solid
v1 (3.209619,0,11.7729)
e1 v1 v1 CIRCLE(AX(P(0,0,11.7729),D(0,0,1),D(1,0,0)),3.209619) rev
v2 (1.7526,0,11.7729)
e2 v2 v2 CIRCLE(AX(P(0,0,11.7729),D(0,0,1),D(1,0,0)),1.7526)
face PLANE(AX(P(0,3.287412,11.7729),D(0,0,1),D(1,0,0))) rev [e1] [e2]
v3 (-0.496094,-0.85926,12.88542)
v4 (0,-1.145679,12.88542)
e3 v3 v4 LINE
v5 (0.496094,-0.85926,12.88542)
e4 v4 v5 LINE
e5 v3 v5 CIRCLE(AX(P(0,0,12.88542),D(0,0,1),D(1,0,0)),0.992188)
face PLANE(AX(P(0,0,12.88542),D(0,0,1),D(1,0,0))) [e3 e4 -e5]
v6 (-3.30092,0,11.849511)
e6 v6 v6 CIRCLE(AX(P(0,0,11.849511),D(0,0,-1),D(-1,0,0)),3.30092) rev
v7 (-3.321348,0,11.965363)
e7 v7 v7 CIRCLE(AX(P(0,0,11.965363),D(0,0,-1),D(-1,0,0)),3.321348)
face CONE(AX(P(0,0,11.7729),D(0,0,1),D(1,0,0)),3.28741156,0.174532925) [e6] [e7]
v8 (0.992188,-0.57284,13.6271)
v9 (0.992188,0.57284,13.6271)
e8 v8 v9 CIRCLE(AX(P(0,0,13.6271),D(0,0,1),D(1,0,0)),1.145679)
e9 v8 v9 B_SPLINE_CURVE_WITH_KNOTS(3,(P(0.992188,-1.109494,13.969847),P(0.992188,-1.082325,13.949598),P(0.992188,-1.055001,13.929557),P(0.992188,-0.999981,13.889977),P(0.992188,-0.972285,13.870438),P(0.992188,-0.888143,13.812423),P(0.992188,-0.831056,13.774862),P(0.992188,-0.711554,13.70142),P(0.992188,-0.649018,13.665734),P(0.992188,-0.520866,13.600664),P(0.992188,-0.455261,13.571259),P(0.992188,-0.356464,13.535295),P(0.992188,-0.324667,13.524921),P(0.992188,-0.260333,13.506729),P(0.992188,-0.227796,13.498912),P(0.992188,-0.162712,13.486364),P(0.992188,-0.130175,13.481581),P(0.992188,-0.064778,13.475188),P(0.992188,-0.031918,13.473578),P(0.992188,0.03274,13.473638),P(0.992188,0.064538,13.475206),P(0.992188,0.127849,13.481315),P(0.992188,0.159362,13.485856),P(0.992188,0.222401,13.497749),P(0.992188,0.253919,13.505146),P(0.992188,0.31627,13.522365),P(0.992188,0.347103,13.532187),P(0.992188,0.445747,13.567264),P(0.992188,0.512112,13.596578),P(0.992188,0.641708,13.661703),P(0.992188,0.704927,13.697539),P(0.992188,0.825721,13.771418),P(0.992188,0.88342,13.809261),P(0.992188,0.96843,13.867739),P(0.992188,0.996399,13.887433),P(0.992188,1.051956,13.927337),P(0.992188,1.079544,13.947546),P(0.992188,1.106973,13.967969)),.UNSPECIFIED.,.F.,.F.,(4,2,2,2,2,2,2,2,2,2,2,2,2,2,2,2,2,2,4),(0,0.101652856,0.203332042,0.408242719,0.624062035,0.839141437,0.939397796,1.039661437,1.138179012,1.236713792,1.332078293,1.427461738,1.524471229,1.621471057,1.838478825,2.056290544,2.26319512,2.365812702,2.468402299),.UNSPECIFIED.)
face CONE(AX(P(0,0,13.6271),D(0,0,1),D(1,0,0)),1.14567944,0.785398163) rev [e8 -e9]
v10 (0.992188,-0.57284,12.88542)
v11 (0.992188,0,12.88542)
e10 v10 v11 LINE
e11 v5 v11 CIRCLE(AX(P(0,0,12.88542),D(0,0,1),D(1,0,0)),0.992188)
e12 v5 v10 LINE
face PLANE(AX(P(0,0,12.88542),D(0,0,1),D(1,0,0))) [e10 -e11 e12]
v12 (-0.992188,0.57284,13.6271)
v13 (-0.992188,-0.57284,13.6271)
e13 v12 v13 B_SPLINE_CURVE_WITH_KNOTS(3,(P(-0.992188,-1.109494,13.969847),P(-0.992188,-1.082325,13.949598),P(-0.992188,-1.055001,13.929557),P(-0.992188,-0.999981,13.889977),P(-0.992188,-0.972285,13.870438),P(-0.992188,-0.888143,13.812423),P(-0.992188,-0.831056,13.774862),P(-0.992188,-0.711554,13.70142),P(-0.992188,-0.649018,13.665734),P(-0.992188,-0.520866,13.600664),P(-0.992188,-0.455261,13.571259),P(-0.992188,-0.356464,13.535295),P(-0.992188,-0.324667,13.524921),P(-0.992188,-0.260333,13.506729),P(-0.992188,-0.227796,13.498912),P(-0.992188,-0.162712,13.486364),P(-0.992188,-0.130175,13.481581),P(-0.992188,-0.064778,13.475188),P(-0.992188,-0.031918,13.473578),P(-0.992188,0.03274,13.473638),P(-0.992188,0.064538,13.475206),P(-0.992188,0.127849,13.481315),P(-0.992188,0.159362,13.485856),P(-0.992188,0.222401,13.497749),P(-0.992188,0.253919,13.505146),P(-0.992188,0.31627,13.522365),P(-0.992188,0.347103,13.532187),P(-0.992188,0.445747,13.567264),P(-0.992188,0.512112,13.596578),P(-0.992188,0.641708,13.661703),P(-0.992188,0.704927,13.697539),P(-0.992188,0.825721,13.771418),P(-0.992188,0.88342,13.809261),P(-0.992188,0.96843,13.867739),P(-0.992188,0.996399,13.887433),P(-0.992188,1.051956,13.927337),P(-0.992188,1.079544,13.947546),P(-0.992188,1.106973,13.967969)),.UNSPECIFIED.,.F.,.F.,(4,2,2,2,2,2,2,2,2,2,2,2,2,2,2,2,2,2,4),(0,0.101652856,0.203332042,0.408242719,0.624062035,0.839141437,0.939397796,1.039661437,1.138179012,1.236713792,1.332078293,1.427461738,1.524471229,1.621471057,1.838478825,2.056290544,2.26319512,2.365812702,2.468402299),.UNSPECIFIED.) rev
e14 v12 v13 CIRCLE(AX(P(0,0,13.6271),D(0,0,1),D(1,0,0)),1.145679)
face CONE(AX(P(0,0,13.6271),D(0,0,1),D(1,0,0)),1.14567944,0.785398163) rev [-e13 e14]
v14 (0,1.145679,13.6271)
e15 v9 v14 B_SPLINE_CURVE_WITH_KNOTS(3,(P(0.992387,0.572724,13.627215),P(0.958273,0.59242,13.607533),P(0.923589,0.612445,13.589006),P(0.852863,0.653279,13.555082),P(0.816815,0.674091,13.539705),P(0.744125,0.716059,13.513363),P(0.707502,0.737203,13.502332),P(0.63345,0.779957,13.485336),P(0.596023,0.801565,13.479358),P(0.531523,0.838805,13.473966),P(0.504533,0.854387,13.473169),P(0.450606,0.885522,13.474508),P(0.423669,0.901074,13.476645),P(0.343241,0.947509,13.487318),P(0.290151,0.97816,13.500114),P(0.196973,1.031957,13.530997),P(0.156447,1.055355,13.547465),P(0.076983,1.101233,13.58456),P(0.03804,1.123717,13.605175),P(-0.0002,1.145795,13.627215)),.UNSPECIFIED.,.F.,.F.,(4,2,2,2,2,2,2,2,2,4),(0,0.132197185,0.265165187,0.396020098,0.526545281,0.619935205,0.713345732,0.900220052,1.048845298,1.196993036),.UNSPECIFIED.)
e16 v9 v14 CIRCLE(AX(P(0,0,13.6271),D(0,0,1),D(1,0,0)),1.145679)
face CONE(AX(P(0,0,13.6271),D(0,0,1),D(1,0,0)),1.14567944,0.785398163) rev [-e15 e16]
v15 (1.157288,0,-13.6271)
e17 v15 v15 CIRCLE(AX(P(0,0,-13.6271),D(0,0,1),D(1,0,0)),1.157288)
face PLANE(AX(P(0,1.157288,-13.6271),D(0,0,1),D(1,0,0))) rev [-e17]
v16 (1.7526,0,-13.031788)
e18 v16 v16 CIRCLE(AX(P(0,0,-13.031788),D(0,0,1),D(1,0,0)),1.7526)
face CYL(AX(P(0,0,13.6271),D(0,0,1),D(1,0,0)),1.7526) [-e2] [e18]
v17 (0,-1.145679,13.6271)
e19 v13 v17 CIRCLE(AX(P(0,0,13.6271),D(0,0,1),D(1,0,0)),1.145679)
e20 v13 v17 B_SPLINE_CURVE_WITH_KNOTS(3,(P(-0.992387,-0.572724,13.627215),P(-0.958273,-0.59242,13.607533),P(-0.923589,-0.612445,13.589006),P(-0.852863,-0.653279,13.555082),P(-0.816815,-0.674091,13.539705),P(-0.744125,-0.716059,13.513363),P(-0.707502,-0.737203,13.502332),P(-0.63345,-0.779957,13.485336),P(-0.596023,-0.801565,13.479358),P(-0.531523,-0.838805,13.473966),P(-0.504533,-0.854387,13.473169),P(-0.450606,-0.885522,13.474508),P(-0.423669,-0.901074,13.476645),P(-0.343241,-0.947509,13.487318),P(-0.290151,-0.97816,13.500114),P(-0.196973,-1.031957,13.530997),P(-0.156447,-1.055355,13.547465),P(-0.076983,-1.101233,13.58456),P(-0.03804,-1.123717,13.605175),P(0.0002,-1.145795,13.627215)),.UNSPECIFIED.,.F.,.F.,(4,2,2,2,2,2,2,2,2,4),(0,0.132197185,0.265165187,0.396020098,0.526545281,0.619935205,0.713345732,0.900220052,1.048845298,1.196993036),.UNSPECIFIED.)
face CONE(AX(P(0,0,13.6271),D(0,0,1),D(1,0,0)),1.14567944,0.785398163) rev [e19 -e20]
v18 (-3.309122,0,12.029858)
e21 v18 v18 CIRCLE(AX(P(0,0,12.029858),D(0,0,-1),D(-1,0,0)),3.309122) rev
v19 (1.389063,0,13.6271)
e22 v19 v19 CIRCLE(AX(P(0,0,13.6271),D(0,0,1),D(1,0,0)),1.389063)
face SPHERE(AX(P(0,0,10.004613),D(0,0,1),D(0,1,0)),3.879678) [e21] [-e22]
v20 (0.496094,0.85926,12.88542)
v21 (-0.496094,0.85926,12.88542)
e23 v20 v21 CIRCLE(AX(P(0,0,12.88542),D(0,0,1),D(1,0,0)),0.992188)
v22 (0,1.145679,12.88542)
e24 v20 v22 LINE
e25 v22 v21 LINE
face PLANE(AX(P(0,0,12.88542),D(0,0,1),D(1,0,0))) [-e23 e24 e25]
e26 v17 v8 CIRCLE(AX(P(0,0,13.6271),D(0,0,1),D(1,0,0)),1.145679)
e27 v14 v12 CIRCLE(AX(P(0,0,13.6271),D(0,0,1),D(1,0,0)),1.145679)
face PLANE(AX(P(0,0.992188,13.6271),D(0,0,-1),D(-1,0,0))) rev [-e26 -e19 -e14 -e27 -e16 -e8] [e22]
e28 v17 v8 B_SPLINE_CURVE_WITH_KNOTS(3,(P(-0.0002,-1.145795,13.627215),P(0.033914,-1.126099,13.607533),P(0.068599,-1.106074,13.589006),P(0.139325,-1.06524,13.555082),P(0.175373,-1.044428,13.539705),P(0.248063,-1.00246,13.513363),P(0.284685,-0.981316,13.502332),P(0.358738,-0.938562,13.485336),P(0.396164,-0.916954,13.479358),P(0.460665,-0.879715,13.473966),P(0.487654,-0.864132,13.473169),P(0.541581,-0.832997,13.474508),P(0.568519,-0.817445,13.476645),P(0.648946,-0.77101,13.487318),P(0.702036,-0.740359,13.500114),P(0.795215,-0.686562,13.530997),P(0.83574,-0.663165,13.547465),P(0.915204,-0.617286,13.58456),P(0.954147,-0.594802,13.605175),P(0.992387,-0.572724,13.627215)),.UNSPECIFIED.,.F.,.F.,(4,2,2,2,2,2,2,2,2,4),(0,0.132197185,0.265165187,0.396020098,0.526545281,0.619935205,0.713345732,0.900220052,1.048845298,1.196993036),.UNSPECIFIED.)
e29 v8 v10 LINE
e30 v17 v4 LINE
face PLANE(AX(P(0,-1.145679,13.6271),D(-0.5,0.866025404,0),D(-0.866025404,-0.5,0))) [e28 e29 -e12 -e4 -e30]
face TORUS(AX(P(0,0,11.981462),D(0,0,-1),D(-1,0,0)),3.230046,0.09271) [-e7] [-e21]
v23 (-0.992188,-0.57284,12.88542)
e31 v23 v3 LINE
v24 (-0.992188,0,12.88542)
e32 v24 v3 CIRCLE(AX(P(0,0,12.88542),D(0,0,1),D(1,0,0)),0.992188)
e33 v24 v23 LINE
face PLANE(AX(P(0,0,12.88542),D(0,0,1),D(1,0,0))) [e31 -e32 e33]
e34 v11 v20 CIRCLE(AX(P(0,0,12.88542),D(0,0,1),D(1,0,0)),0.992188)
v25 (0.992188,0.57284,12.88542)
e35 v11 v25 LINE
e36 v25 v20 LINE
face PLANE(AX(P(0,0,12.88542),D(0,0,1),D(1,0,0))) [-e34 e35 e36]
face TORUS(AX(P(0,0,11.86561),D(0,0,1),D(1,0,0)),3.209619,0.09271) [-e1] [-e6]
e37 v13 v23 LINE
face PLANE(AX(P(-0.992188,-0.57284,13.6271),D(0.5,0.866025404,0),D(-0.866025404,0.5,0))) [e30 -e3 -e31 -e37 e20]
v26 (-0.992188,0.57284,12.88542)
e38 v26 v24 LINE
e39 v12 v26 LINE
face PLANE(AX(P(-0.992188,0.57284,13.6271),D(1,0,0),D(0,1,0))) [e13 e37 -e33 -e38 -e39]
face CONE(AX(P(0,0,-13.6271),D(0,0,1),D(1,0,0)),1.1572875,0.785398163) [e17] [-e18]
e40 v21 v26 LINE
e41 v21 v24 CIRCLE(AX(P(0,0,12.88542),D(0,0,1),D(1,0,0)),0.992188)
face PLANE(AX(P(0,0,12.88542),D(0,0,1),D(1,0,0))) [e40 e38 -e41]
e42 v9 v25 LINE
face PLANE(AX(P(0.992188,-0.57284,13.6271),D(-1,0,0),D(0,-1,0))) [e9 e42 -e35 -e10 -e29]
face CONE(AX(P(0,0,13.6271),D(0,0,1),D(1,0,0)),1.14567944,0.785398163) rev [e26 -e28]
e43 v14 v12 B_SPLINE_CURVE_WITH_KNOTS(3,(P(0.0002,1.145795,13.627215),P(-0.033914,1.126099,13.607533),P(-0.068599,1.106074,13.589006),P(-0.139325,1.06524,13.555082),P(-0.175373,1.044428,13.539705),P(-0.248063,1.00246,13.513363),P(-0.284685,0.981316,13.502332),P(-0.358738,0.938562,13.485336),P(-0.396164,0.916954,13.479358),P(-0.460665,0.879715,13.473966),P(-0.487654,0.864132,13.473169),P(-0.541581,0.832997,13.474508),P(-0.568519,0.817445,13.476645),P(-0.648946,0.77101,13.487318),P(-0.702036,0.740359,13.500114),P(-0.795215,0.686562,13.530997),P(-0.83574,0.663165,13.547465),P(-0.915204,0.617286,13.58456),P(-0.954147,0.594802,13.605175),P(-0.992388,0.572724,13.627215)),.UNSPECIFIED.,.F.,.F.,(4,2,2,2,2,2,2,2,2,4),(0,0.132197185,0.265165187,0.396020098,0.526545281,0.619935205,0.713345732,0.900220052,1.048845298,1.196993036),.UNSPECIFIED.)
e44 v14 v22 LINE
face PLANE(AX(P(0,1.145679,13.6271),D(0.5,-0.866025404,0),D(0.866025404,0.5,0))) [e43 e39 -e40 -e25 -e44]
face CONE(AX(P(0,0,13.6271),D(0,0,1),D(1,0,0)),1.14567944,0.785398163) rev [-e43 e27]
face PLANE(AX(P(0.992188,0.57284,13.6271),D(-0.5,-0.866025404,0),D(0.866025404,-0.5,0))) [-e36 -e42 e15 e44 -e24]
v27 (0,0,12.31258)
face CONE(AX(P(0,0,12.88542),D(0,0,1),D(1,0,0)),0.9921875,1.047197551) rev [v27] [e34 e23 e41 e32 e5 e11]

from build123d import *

# Parameters (mm, degrees)
CUT_EXTRUDE1_START = 12.88542
CUT_EXTRUDE1_DEPTH = 1.74168
SKETCH4_R          = 1.14567944
CUT_EXTRUDE2_DEPTH = 0.74168
CUT_EXTRUDE2_DRAFT = -45
FILLET1_R          = 0.09271


with BuildPart() as part:
    # Sketch2 → Revolve1 (revolve)
    with BuildSketch(Plane(origin=(0, 0, 0), x_dir=(0, 0, -1), z_dir=(1, 0, 0))):
        with BuildLine():
            Line((-13.6271, 0.9921875), (-13.6271, 1.3890625))
            ThreePointArc((-13.6271, 1.3890625), (-12.975897643, 2.494669105), (-11.999685714, 3.3274))
            Line((-11.999685714, 3.3274), (-11.7729, 3.28741156))
            Line((-11.7729, 3.28741156), (-11.7729, 1.7526))
            Line((-11.7729, 1.7526), (13.0317875, 1.7526))
            Line((13.0317875, 1.7526), (13.6271, 1.1572875))
            Line((13.6271, 1.1572875), (13.6271, 0))
            Line((13.6271, 0), (-12.31258028, 0))
            Line((-12.31258028, 0), (-12.88542, 0.9921875))
            Line((-12.88542, 0.9921875), (-13.6271, 0.9921875))
        make_face()
    revolve(axis=Axis((0, 0, 13.6271), (0, 0, -1)))

    # Sketch3 → Cut-Extrude1 (cut, through all)
    with BuildSketch(Plane.XY.offset(CUT_EXTRUDE1_START)):
        Polygon((0, 1.14567944), (-0.9921875, 0.57283972), (-0.9921875, -0.57283972), (0, -1.14567944), (0.9921875, -0.57283972), (0.9921875, 0.57283972), align=None)
    extrude(amount=CUT_EXTRUDE1_DEPTH, mode=Mode.SUBTRACT)


with BuildPart() as cut_extrude2_tool:
    # Sketch4 → Cut-Extrude2 (with draft: the straight prism first)
    with BuildSketch(Plane.XY.offset(13.6271)):
        Circle(SKETCH4_R)
    extrude(amount=-CUT_EXTRUDE2_DEPTH)
    # Cut-Extrude2: the draft: its side faces are tilted about the plane it starts from
    cut_extrude2_sides = [cut_extrude2_tool.faces().sort_by_distance(p)[0] for p in [
        (-1.14567944, 0, 13.25626),
    ]]
    draft(cut_extrude2_sides, Plane.XY.offset(13.6271), CUT_EXTRUDE2_DRAFT)


with BuildPart() as part_1:
    add(part.part)

    # Cut-Extrude2: cut by cut_extrude2_tool
    add(cut_extrude2_tool.part, mode=Mode.SUBTRACT)

    # Fillet1
    fillet1_edges = [part_1.edges().sort_by_distance(p)[0] for p in [
        (0, -3.28741156, 11.7729),
        (0, -3.3274, 11.999685714),
    ]]
    fillet(fillet1_edges, radius=FILLET1_R)


solid = part_1.part
